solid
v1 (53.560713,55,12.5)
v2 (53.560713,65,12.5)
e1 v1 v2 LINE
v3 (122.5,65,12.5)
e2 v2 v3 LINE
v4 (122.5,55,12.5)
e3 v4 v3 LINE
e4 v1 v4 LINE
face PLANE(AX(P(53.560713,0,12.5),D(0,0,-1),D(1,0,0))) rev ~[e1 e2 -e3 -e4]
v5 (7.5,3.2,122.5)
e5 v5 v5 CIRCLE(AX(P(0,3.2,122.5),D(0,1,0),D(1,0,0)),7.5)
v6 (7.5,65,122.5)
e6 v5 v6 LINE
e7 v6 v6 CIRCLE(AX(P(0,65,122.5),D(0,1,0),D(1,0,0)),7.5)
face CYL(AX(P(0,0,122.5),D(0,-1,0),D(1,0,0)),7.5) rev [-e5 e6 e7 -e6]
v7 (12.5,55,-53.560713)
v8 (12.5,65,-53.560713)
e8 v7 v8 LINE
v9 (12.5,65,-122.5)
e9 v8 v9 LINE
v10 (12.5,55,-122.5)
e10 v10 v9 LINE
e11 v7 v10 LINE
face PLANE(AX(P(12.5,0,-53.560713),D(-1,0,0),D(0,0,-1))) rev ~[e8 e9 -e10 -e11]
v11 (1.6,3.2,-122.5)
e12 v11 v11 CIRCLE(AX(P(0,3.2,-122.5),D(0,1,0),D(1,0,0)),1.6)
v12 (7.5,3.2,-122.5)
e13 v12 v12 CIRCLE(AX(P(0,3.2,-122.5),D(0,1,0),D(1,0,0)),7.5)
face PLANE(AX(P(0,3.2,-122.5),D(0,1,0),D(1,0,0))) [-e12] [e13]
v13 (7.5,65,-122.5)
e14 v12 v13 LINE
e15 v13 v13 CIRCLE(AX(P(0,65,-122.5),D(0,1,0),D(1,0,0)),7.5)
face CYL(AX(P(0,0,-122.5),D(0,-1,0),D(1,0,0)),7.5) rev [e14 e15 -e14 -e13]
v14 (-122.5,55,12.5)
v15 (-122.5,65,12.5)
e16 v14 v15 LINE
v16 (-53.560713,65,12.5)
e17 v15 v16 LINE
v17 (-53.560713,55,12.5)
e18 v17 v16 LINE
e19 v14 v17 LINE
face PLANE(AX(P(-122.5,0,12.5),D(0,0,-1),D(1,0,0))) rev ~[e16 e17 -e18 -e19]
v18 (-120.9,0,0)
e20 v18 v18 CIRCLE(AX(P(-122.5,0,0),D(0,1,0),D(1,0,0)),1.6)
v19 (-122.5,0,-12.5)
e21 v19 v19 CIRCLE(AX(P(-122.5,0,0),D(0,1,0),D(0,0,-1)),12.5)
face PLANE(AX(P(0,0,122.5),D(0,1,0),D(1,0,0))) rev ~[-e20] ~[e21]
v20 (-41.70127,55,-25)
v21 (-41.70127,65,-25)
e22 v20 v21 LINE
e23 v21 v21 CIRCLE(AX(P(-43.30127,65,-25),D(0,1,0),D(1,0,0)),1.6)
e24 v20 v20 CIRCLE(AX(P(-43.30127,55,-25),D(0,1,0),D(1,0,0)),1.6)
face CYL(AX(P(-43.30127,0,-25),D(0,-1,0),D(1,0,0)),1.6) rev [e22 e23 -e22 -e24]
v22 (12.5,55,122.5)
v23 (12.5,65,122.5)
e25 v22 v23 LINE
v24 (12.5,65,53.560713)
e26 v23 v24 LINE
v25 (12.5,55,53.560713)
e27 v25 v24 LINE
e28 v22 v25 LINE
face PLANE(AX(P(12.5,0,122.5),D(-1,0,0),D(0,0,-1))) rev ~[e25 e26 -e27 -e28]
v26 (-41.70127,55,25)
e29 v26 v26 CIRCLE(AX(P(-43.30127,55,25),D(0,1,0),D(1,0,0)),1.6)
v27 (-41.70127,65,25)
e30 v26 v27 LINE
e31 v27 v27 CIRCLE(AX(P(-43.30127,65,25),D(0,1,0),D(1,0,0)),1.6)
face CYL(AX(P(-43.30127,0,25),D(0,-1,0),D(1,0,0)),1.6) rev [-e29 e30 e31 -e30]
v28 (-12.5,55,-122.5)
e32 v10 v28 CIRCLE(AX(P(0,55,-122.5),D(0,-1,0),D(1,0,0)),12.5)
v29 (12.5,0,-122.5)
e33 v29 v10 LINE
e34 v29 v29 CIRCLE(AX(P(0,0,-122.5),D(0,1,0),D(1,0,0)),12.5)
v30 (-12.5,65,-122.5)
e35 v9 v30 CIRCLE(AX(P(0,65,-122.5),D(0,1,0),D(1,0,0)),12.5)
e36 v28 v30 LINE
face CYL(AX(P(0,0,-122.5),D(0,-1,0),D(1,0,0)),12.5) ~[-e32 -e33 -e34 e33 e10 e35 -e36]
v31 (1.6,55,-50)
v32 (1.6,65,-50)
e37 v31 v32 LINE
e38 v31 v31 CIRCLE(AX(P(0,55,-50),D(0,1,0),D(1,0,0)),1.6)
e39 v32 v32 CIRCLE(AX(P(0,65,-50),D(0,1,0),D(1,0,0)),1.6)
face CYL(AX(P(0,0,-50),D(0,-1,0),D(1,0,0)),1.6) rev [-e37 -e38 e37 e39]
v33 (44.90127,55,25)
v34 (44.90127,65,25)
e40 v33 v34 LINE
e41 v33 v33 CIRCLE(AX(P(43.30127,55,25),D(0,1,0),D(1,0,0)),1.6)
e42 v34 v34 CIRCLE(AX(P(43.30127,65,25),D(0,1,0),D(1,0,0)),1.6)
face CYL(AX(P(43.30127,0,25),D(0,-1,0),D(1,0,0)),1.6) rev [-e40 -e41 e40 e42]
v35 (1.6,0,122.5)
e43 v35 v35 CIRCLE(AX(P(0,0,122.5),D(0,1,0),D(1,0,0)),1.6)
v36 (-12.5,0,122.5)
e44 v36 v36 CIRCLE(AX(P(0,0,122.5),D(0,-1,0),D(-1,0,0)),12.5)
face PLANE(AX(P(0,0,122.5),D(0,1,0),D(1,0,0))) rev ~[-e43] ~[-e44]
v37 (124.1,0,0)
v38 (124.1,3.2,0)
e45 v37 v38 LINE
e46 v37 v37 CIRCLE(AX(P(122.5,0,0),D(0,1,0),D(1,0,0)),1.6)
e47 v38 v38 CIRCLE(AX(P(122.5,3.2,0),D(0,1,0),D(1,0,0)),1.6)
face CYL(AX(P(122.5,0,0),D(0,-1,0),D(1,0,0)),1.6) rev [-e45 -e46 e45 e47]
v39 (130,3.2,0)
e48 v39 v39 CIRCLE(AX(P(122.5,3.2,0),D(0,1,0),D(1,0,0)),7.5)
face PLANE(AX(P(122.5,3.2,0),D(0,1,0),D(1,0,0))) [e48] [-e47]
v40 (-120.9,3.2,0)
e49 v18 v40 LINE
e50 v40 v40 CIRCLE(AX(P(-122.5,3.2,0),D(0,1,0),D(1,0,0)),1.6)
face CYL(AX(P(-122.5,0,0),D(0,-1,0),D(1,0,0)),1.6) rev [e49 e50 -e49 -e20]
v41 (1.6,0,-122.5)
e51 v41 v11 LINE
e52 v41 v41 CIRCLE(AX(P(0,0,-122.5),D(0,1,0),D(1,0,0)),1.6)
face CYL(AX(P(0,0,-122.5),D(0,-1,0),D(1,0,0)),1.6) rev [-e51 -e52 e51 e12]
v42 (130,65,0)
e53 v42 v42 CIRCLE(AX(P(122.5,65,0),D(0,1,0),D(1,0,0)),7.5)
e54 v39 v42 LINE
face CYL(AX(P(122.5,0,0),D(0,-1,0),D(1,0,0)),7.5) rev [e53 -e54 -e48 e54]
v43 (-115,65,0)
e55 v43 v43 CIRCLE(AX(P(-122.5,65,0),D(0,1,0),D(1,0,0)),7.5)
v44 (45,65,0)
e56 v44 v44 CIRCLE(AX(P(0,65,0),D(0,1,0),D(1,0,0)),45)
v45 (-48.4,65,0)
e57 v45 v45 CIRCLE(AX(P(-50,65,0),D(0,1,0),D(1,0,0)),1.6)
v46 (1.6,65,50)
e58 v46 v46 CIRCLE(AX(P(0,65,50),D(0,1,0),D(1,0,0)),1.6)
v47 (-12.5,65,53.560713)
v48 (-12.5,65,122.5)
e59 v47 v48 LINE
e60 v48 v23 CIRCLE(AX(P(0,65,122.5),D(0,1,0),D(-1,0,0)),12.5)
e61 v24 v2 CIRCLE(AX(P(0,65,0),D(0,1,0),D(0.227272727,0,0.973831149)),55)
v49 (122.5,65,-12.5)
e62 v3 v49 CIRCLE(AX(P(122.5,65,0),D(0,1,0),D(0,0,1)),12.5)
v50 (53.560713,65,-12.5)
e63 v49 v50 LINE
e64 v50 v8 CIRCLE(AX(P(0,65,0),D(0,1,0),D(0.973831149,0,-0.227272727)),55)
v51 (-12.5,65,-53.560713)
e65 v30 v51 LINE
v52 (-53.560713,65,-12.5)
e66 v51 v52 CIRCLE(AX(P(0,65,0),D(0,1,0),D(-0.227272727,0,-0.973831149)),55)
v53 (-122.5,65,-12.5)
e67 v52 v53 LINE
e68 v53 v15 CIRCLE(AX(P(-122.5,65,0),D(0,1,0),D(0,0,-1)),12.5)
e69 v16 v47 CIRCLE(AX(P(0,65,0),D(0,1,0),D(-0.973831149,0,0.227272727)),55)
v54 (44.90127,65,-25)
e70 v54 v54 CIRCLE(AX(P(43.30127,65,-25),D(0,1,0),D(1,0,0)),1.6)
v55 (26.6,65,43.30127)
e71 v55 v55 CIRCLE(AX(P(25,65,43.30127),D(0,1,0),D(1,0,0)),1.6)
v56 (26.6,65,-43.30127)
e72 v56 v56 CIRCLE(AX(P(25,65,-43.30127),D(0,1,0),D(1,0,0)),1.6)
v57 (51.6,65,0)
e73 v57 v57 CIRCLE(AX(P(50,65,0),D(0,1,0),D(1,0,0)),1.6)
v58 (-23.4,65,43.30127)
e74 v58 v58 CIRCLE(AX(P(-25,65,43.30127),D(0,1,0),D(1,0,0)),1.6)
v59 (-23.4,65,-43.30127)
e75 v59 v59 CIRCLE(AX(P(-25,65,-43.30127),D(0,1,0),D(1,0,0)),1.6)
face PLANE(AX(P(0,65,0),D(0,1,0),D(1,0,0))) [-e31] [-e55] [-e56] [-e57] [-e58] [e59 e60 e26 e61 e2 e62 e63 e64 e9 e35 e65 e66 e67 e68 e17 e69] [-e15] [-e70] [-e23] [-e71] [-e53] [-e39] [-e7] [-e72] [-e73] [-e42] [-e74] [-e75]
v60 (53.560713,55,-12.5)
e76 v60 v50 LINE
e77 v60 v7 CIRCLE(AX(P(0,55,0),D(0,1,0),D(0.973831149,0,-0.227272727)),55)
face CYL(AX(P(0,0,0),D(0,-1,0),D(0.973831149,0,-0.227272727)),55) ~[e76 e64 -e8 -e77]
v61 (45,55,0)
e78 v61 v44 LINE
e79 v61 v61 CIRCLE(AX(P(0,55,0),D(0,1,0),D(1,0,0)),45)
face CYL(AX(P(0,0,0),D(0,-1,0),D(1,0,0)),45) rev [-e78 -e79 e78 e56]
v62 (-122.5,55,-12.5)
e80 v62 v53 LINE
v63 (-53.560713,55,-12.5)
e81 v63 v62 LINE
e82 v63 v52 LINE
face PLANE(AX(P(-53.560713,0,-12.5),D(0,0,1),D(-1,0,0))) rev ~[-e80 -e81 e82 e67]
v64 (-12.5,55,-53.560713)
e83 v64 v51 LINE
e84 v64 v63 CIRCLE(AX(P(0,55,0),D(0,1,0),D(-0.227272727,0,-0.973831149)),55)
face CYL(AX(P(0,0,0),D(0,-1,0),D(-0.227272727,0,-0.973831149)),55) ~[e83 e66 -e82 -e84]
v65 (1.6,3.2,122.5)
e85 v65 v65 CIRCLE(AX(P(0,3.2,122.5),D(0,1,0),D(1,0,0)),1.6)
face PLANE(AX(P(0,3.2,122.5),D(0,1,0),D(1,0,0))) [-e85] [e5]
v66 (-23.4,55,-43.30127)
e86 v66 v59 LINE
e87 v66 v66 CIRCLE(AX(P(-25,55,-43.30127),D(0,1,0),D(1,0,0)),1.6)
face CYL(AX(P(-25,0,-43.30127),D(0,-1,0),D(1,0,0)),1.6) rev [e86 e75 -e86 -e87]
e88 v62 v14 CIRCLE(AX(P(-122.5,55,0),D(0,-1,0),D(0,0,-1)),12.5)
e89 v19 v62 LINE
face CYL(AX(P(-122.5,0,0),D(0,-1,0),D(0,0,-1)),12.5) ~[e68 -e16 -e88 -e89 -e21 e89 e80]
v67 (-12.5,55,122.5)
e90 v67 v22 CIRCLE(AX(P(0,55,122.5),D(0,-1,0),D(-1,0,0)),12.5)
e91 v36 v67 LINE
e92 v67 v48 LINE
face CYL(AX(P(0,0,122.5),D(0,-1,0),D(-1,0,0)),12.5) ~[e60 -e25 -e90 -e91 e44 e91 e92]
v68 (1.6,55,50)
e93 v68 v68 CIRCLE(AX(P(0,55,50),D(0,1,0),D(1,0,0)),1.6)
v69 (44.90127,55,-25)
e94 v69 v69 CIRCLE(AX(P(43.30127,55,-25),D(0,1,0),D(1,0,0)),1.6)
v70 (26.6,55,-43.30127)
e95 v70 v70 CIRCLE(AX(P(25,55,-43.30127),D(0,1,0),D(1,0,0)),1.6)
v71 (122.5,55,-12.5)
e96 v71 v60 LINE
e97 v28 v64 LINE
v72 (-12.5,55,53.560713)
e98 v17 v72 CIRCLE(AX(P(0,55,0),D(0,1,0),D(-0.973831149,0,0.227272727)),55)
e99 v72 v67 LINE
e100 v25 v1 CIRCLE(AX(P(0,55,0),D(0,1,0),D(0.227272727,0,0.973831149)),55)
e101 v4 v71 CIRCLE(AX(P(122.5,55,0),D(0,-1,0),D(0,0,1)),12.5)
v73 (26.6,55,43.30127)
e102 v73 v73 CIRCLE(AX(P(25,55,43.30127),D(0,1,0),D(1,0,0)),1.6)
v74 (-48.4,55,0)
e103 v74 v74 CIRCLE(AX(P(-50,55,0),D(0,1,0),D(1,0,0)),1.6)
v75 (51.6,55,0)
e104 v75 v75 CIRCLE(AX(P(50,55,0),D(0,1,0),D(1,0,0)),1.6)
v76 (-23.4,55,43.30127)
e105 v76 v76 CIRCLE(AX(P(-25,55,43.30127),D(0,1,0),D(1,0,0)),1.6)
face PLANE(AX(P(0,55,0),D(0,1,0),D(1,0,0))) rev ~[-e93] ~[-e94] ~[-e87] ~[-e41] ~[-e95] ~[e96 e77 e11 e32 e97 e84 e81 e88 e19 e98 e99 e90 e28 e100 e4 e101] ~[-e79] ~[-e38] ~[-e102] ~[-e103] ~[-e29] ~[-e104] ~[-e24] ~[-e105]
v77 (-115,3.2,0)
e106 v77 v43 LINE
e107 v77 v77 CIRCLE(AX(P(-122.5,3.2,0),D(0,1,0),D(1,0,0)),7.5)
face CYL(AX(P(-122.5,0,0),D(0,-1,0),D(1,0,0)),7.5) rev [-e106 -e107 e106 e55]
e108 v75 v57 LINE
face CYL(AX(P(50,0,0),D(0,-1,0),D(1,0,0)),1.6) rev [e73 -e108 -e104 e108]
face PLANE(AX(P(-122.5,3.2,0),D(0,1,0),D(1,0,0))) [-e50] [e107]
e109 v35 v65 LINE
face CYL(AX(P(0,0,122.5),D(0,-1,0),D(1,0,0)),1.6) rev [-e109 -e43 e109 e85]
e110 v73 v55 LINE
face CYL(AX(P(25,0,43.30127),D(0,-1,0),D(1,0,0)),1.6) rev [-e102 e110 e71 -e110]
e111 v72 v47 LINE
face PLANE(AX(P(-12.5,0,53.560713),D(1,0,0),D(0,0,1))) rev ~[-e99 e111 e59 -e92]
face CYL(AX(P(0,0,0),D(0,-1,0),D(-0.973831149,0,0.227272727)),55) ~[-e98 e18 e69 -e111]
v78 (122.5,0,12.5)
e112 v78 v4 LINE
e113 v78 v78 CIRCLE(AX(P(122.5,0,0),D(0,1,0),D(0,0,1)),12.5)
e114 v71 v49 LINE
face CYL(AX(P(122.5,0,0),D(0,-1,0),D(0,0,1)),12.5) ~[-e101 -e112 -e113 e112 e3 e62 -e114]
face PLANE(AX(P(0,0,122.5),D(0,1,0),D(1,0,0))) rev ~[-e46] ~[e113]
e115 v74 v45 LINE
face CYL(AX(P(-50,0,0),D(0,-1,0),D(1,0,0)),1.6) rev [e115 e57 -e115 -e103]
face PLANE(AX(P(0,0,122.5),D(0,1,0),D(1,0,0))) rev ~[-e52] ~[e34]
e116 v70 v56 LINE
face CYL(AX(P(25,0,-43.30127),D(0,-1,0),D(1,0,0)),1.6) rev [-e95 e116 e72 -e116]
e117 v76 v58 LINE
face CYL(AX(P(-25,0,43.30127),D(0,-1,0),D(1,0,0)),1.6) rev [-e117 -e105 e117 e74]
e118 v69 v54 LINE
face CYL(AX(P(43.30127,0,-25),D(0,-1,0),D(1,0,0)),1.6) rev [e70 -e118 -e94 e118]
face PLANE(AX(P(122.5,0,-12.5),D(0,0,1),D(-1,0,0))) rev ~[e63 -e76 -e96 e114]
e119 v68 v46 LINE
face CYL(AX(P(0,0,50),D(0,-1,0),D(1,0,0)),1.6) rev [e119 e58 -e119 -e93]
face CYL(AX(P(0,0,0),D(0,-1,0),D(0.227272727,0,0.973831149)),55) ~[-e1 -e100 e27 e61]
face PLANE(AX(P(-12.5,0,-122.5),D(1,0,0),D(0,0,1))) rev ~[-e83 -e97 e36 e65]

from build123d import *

# Parameters (mm, degrees)
SKETCH1_R           = 7.5
SKETCH1_R_2         = 1.6
SKETCH1_R_3         = 45
BOSS_EXTRUDE1_DEPTH = 65
SKETCH1_3_R         = 7.5
SKETCH1_3_R_2       = 1.6
BOSS_EXTRUDE2_DEPTH = 3.2
SKETCH1_5_R         = 1.6
SKETCH1_5_R_2       = 45
CUT_EXTRUDE2_DEPTH  = 55


with BuildPart() as part:
    # Sketch1 → Boss-Extrude1 (new body)
    with BuildSketch(Plane(origin=(0, 0, 0), x_dir=(1, 0, 0), z_dir=(0, 1, 0))):
        with BuildLine():
            Line((53.560713214, -12.5), (122.5, -12.5))
            ThreePointArc((122.5, -12.5), (135, 0), (122.5, 12.5))
            Line((122.5, 12.5), (53.560713214, 12.5))
            ThreePointArc((53.560713214, 12.5), (38.890872965, 38.890872965), (12.5, 53.560713214))
            Line((12.5, 53.560713214), (12.5, 122.5))
            ThreePointArc((12.5, 122.5), (0, 135), (-12.5, 122.5))
            Line((-12.5, 122.5), (-12.5, 53.560713214))
            ThreePointArc((-12.5, 53.560713214), (-38.890872965, 38.890872965), (-53.560713214, 12.5))
            Line((-53.560713214, 12.5), (-122.5, 12.5))
            ThreePointArc((-122.5, 12.5), (-135, 0), (-122.5, -12.5))
            Line((-122.5, -12.5), (-53.560713214, -12.5))
            ThreePointArc((-53.560713214, -12.5), (-38.890872965, -38.890872965), (-12.5, -53.560713214))
            Line((-12.5, -53.560713214), (-12.5, -122.5))
            ThreePointArc((-12.5, -122.5), (0, -135), (12.5, -122.5))
            Line((12.5, -122.5), (12.5, -53.560713214))
            ThreePointArc((12.5, -53.560713214), (38.890872965, -38.890872965), (53.560713214, -12.5))
        make_face()
        with Locations((122.5, 0)):
            Circle(SKETCH1_R, mode=Mode.SUBTRACT)
        with Locations((25, 43.301270189)):
            Circle(SKETCH1_R_2, mode=Mode.SUBTRACT)
        with Locations((0, 50)):
            Circle(SKETCH1_R_2, mode=Mode.SUBTRACT)
        with Locations((-25, -43.301270189)):
            Circle(SKETCH1_R_2, mode=Mode.SUBTRACT)
        with Locations((0, -50)):
            Circle(SKETCH1_R_2, mode=Mode.SUBTRACT)
        with Locations((-43.301270189, -25)):
            Circle(SKETCH1_R_2, mode=Mode.SUBTRACT)
        with Locations((25, -43.301270189)):
            Circle(SKETCH1_R_2, mode=Mode.SUBTRACT)
        with Locations((43.301270189, -25)):
            Circle(SKETCH1_R_2, mode=Mode.SUBTRACT)
        with Locations((50, 0)):
            Circle(SKETCH1_R_2, mode=Mode.SUBTRACT)
        with Locations((-50, 0)):
            Circle(SKETCH1_R_2, mode=Mode.SUBTRACT)
        with Locations((-43.301270189, 25)):
            Circle(SKETCH1_R_2, mode=Mode.SUBTRACT)
        Circle(SKETCH1_R_3, mode=Mode.SUBTRACT)
        with Locations((-25, 43.301270189)):
            Circle(SKETCH1_R_2, mode=Mode.SUBTRACT)
        with Locations((43.301270189, 25)):
            Circle(SKETCH1_R_2, mode=Mode.SUBTRACT)
        with Locations((0, 122.5)):
            Circle(SKETCH1_R, mode=Mode.SUBTRACT)
        with Locations((0, -122.5)):
            Circle(SKETCH1_R, mode=Mode.SUBTRACT)
        with Locations((-122.5, 0)):
            Circle(SKETCH1_R, mode=Mode.SUBTRACT)
    extrude(amount=BOSS_EXTRUDE1_DEPTH)

    # Sketch1<3> → Boss-Extrude2 (add)
    with BuildSketch(Plane(origin=(0, 0, 0), x_dir=(1, 0, 0), z_dir=(0, 1, 0))):
        with Locations((0, -122.5)):
            Circle(SKETCH1_3_R)
        with Locations((0, -122.5)):
            Circle(SKETCH1_3_R_2, mode=Mode.SUBTRACT)
        with Locations((122.5, 0)):
            Circle(SKETCH1_3_R)
        with Locations((122.5, 0)):
            Circle(SKETCH1_3_R_2, mode=Mode.SUBTRACT)
        with Locations((0, 122.5)):
            Circle(SKETCH1_3_R)
        with Locations((0, 122.5)):
            Circle(SKETCH1_3_R_2, mode=Mode.SUBTRACT)
        with Locations((-122.5, 0)):
            Circle(SKETCH1_3_R)
        with Locations((-122.5, 0)):
            Circle(SKETCH1_3_R_2, mode=Mode.SUBTRACT)
    extrude(amount=BOSS_EXTRUDE2_DEPTH)

    # Sketch1<5> → Cut-Extrude2 (cut)
    with BuildSketch(Plane(origin=(0, 0, 0), x_dir=(1, 0, 0), z_dir=(0, 1, 0))):
        with BuildLine():
            ThreePointArc((122.5, -12.5), (110, 0), (122.5, 12.5))
            Line((122.5, 12.5), (53.560713214, 12.5))
            ThreePointArc((53.560713214, 12.5), (38.890872965, 38.890872965), (12.5, 53.560713214))
            Line((12.5, 53.560713214), (12.5, 122.5))
            ThreePointArc((12.5, 122.5), (0, 110), (-12.5, 122.5))
            Line((-12.5, 122.5), (-12.5, 53.560713214))
            ThreePointArc((-12.5, 53.560713214), (-38.890872965, 38.890872965), (-53.560713214, 12.5))
            Line((-53.560713214, 12.5), (-122.5, 12.5))
            ThreePointArc((-122.5, 12.5), (-110, 0), (-122.5, -12.5))
            Line((-122.5, -12.5), (-53.560713214, -12.5))
            ThreePointArc((-53.560713214, -12.5), (-38.890872965, -38.890872965), (-12.5, -53.560713214))
            Line((-12.5, -53.560713214), (-12.5, -122.5))
            ThreePointArc((-12.5, -122.5), (0, -110), (12.5, -122.5))
            Line((12.5, -122.5), (12.5, -53.560713214))
            ThreePointArc((12.5, -53.560713214), (38.890872965, -38.890872965), (53.560713214, -12.5))
            Line((53.560713214, -12.5), (122.5, -12.5))
        make_face()
        with Locations((0, 50)):
            Circle(SKETCH1_5_R, mode=Mode.SUBTRACT)
        with Locations((25, 43.301270189)):
            Circle(SKETCH1_5_R, mode=Mode.SUBTRACT)
        with Locations((-25, -43.301270189)):
            Circle(SKETCH1_5_R, mode=Mode.SUBTRACT)
        with Locations((0, -50)):
            Circle(SKETCH1_5_R, mode=Mode.SUBTRACT)
        with Locations((-43.301270189, -25)):
            Circle(SKETCH1_5_R, mode=Mode.SUBTRACT)
        with Locations((25, -43.301270189)):
            Circle(SKETCH1_5_R, mode=Mode.SUBTRACT)
        with Locations((43.301270189, -25)):
            Circle(SKETCH1_5_R, mode=Mode.SUBTRACT)
        with Locations((50, 0)):
            Circle(SKETCH1_5_R, mode=Mode.SUBTRACT)
        with Locations((-50, 0)):
            Circle(SKETCH1_5_R, mode=Mode.SUBTRACT)
        with Locations((-43.301270189, 25)):
            Circle(SKETCH1_5_R, mode=Mode.SUBTRACT)
        Circle(SKETCH1_5_R_2, mode=Mode.SUBTRACT)
        with Locations((-25, 43.301270189)):
            Circle(SKETCH1_5_R, mode=Mode.SUBTRACT)
        with Locations((43.301270189, 25)):
            Circle(SKETCH1_5_R, mode=Mode.SUBTRACT)
    extrude(amount=CUT_EXTRUDE2_DEPTH, mode=Mode.SUBTRACT)


solid = part.part
